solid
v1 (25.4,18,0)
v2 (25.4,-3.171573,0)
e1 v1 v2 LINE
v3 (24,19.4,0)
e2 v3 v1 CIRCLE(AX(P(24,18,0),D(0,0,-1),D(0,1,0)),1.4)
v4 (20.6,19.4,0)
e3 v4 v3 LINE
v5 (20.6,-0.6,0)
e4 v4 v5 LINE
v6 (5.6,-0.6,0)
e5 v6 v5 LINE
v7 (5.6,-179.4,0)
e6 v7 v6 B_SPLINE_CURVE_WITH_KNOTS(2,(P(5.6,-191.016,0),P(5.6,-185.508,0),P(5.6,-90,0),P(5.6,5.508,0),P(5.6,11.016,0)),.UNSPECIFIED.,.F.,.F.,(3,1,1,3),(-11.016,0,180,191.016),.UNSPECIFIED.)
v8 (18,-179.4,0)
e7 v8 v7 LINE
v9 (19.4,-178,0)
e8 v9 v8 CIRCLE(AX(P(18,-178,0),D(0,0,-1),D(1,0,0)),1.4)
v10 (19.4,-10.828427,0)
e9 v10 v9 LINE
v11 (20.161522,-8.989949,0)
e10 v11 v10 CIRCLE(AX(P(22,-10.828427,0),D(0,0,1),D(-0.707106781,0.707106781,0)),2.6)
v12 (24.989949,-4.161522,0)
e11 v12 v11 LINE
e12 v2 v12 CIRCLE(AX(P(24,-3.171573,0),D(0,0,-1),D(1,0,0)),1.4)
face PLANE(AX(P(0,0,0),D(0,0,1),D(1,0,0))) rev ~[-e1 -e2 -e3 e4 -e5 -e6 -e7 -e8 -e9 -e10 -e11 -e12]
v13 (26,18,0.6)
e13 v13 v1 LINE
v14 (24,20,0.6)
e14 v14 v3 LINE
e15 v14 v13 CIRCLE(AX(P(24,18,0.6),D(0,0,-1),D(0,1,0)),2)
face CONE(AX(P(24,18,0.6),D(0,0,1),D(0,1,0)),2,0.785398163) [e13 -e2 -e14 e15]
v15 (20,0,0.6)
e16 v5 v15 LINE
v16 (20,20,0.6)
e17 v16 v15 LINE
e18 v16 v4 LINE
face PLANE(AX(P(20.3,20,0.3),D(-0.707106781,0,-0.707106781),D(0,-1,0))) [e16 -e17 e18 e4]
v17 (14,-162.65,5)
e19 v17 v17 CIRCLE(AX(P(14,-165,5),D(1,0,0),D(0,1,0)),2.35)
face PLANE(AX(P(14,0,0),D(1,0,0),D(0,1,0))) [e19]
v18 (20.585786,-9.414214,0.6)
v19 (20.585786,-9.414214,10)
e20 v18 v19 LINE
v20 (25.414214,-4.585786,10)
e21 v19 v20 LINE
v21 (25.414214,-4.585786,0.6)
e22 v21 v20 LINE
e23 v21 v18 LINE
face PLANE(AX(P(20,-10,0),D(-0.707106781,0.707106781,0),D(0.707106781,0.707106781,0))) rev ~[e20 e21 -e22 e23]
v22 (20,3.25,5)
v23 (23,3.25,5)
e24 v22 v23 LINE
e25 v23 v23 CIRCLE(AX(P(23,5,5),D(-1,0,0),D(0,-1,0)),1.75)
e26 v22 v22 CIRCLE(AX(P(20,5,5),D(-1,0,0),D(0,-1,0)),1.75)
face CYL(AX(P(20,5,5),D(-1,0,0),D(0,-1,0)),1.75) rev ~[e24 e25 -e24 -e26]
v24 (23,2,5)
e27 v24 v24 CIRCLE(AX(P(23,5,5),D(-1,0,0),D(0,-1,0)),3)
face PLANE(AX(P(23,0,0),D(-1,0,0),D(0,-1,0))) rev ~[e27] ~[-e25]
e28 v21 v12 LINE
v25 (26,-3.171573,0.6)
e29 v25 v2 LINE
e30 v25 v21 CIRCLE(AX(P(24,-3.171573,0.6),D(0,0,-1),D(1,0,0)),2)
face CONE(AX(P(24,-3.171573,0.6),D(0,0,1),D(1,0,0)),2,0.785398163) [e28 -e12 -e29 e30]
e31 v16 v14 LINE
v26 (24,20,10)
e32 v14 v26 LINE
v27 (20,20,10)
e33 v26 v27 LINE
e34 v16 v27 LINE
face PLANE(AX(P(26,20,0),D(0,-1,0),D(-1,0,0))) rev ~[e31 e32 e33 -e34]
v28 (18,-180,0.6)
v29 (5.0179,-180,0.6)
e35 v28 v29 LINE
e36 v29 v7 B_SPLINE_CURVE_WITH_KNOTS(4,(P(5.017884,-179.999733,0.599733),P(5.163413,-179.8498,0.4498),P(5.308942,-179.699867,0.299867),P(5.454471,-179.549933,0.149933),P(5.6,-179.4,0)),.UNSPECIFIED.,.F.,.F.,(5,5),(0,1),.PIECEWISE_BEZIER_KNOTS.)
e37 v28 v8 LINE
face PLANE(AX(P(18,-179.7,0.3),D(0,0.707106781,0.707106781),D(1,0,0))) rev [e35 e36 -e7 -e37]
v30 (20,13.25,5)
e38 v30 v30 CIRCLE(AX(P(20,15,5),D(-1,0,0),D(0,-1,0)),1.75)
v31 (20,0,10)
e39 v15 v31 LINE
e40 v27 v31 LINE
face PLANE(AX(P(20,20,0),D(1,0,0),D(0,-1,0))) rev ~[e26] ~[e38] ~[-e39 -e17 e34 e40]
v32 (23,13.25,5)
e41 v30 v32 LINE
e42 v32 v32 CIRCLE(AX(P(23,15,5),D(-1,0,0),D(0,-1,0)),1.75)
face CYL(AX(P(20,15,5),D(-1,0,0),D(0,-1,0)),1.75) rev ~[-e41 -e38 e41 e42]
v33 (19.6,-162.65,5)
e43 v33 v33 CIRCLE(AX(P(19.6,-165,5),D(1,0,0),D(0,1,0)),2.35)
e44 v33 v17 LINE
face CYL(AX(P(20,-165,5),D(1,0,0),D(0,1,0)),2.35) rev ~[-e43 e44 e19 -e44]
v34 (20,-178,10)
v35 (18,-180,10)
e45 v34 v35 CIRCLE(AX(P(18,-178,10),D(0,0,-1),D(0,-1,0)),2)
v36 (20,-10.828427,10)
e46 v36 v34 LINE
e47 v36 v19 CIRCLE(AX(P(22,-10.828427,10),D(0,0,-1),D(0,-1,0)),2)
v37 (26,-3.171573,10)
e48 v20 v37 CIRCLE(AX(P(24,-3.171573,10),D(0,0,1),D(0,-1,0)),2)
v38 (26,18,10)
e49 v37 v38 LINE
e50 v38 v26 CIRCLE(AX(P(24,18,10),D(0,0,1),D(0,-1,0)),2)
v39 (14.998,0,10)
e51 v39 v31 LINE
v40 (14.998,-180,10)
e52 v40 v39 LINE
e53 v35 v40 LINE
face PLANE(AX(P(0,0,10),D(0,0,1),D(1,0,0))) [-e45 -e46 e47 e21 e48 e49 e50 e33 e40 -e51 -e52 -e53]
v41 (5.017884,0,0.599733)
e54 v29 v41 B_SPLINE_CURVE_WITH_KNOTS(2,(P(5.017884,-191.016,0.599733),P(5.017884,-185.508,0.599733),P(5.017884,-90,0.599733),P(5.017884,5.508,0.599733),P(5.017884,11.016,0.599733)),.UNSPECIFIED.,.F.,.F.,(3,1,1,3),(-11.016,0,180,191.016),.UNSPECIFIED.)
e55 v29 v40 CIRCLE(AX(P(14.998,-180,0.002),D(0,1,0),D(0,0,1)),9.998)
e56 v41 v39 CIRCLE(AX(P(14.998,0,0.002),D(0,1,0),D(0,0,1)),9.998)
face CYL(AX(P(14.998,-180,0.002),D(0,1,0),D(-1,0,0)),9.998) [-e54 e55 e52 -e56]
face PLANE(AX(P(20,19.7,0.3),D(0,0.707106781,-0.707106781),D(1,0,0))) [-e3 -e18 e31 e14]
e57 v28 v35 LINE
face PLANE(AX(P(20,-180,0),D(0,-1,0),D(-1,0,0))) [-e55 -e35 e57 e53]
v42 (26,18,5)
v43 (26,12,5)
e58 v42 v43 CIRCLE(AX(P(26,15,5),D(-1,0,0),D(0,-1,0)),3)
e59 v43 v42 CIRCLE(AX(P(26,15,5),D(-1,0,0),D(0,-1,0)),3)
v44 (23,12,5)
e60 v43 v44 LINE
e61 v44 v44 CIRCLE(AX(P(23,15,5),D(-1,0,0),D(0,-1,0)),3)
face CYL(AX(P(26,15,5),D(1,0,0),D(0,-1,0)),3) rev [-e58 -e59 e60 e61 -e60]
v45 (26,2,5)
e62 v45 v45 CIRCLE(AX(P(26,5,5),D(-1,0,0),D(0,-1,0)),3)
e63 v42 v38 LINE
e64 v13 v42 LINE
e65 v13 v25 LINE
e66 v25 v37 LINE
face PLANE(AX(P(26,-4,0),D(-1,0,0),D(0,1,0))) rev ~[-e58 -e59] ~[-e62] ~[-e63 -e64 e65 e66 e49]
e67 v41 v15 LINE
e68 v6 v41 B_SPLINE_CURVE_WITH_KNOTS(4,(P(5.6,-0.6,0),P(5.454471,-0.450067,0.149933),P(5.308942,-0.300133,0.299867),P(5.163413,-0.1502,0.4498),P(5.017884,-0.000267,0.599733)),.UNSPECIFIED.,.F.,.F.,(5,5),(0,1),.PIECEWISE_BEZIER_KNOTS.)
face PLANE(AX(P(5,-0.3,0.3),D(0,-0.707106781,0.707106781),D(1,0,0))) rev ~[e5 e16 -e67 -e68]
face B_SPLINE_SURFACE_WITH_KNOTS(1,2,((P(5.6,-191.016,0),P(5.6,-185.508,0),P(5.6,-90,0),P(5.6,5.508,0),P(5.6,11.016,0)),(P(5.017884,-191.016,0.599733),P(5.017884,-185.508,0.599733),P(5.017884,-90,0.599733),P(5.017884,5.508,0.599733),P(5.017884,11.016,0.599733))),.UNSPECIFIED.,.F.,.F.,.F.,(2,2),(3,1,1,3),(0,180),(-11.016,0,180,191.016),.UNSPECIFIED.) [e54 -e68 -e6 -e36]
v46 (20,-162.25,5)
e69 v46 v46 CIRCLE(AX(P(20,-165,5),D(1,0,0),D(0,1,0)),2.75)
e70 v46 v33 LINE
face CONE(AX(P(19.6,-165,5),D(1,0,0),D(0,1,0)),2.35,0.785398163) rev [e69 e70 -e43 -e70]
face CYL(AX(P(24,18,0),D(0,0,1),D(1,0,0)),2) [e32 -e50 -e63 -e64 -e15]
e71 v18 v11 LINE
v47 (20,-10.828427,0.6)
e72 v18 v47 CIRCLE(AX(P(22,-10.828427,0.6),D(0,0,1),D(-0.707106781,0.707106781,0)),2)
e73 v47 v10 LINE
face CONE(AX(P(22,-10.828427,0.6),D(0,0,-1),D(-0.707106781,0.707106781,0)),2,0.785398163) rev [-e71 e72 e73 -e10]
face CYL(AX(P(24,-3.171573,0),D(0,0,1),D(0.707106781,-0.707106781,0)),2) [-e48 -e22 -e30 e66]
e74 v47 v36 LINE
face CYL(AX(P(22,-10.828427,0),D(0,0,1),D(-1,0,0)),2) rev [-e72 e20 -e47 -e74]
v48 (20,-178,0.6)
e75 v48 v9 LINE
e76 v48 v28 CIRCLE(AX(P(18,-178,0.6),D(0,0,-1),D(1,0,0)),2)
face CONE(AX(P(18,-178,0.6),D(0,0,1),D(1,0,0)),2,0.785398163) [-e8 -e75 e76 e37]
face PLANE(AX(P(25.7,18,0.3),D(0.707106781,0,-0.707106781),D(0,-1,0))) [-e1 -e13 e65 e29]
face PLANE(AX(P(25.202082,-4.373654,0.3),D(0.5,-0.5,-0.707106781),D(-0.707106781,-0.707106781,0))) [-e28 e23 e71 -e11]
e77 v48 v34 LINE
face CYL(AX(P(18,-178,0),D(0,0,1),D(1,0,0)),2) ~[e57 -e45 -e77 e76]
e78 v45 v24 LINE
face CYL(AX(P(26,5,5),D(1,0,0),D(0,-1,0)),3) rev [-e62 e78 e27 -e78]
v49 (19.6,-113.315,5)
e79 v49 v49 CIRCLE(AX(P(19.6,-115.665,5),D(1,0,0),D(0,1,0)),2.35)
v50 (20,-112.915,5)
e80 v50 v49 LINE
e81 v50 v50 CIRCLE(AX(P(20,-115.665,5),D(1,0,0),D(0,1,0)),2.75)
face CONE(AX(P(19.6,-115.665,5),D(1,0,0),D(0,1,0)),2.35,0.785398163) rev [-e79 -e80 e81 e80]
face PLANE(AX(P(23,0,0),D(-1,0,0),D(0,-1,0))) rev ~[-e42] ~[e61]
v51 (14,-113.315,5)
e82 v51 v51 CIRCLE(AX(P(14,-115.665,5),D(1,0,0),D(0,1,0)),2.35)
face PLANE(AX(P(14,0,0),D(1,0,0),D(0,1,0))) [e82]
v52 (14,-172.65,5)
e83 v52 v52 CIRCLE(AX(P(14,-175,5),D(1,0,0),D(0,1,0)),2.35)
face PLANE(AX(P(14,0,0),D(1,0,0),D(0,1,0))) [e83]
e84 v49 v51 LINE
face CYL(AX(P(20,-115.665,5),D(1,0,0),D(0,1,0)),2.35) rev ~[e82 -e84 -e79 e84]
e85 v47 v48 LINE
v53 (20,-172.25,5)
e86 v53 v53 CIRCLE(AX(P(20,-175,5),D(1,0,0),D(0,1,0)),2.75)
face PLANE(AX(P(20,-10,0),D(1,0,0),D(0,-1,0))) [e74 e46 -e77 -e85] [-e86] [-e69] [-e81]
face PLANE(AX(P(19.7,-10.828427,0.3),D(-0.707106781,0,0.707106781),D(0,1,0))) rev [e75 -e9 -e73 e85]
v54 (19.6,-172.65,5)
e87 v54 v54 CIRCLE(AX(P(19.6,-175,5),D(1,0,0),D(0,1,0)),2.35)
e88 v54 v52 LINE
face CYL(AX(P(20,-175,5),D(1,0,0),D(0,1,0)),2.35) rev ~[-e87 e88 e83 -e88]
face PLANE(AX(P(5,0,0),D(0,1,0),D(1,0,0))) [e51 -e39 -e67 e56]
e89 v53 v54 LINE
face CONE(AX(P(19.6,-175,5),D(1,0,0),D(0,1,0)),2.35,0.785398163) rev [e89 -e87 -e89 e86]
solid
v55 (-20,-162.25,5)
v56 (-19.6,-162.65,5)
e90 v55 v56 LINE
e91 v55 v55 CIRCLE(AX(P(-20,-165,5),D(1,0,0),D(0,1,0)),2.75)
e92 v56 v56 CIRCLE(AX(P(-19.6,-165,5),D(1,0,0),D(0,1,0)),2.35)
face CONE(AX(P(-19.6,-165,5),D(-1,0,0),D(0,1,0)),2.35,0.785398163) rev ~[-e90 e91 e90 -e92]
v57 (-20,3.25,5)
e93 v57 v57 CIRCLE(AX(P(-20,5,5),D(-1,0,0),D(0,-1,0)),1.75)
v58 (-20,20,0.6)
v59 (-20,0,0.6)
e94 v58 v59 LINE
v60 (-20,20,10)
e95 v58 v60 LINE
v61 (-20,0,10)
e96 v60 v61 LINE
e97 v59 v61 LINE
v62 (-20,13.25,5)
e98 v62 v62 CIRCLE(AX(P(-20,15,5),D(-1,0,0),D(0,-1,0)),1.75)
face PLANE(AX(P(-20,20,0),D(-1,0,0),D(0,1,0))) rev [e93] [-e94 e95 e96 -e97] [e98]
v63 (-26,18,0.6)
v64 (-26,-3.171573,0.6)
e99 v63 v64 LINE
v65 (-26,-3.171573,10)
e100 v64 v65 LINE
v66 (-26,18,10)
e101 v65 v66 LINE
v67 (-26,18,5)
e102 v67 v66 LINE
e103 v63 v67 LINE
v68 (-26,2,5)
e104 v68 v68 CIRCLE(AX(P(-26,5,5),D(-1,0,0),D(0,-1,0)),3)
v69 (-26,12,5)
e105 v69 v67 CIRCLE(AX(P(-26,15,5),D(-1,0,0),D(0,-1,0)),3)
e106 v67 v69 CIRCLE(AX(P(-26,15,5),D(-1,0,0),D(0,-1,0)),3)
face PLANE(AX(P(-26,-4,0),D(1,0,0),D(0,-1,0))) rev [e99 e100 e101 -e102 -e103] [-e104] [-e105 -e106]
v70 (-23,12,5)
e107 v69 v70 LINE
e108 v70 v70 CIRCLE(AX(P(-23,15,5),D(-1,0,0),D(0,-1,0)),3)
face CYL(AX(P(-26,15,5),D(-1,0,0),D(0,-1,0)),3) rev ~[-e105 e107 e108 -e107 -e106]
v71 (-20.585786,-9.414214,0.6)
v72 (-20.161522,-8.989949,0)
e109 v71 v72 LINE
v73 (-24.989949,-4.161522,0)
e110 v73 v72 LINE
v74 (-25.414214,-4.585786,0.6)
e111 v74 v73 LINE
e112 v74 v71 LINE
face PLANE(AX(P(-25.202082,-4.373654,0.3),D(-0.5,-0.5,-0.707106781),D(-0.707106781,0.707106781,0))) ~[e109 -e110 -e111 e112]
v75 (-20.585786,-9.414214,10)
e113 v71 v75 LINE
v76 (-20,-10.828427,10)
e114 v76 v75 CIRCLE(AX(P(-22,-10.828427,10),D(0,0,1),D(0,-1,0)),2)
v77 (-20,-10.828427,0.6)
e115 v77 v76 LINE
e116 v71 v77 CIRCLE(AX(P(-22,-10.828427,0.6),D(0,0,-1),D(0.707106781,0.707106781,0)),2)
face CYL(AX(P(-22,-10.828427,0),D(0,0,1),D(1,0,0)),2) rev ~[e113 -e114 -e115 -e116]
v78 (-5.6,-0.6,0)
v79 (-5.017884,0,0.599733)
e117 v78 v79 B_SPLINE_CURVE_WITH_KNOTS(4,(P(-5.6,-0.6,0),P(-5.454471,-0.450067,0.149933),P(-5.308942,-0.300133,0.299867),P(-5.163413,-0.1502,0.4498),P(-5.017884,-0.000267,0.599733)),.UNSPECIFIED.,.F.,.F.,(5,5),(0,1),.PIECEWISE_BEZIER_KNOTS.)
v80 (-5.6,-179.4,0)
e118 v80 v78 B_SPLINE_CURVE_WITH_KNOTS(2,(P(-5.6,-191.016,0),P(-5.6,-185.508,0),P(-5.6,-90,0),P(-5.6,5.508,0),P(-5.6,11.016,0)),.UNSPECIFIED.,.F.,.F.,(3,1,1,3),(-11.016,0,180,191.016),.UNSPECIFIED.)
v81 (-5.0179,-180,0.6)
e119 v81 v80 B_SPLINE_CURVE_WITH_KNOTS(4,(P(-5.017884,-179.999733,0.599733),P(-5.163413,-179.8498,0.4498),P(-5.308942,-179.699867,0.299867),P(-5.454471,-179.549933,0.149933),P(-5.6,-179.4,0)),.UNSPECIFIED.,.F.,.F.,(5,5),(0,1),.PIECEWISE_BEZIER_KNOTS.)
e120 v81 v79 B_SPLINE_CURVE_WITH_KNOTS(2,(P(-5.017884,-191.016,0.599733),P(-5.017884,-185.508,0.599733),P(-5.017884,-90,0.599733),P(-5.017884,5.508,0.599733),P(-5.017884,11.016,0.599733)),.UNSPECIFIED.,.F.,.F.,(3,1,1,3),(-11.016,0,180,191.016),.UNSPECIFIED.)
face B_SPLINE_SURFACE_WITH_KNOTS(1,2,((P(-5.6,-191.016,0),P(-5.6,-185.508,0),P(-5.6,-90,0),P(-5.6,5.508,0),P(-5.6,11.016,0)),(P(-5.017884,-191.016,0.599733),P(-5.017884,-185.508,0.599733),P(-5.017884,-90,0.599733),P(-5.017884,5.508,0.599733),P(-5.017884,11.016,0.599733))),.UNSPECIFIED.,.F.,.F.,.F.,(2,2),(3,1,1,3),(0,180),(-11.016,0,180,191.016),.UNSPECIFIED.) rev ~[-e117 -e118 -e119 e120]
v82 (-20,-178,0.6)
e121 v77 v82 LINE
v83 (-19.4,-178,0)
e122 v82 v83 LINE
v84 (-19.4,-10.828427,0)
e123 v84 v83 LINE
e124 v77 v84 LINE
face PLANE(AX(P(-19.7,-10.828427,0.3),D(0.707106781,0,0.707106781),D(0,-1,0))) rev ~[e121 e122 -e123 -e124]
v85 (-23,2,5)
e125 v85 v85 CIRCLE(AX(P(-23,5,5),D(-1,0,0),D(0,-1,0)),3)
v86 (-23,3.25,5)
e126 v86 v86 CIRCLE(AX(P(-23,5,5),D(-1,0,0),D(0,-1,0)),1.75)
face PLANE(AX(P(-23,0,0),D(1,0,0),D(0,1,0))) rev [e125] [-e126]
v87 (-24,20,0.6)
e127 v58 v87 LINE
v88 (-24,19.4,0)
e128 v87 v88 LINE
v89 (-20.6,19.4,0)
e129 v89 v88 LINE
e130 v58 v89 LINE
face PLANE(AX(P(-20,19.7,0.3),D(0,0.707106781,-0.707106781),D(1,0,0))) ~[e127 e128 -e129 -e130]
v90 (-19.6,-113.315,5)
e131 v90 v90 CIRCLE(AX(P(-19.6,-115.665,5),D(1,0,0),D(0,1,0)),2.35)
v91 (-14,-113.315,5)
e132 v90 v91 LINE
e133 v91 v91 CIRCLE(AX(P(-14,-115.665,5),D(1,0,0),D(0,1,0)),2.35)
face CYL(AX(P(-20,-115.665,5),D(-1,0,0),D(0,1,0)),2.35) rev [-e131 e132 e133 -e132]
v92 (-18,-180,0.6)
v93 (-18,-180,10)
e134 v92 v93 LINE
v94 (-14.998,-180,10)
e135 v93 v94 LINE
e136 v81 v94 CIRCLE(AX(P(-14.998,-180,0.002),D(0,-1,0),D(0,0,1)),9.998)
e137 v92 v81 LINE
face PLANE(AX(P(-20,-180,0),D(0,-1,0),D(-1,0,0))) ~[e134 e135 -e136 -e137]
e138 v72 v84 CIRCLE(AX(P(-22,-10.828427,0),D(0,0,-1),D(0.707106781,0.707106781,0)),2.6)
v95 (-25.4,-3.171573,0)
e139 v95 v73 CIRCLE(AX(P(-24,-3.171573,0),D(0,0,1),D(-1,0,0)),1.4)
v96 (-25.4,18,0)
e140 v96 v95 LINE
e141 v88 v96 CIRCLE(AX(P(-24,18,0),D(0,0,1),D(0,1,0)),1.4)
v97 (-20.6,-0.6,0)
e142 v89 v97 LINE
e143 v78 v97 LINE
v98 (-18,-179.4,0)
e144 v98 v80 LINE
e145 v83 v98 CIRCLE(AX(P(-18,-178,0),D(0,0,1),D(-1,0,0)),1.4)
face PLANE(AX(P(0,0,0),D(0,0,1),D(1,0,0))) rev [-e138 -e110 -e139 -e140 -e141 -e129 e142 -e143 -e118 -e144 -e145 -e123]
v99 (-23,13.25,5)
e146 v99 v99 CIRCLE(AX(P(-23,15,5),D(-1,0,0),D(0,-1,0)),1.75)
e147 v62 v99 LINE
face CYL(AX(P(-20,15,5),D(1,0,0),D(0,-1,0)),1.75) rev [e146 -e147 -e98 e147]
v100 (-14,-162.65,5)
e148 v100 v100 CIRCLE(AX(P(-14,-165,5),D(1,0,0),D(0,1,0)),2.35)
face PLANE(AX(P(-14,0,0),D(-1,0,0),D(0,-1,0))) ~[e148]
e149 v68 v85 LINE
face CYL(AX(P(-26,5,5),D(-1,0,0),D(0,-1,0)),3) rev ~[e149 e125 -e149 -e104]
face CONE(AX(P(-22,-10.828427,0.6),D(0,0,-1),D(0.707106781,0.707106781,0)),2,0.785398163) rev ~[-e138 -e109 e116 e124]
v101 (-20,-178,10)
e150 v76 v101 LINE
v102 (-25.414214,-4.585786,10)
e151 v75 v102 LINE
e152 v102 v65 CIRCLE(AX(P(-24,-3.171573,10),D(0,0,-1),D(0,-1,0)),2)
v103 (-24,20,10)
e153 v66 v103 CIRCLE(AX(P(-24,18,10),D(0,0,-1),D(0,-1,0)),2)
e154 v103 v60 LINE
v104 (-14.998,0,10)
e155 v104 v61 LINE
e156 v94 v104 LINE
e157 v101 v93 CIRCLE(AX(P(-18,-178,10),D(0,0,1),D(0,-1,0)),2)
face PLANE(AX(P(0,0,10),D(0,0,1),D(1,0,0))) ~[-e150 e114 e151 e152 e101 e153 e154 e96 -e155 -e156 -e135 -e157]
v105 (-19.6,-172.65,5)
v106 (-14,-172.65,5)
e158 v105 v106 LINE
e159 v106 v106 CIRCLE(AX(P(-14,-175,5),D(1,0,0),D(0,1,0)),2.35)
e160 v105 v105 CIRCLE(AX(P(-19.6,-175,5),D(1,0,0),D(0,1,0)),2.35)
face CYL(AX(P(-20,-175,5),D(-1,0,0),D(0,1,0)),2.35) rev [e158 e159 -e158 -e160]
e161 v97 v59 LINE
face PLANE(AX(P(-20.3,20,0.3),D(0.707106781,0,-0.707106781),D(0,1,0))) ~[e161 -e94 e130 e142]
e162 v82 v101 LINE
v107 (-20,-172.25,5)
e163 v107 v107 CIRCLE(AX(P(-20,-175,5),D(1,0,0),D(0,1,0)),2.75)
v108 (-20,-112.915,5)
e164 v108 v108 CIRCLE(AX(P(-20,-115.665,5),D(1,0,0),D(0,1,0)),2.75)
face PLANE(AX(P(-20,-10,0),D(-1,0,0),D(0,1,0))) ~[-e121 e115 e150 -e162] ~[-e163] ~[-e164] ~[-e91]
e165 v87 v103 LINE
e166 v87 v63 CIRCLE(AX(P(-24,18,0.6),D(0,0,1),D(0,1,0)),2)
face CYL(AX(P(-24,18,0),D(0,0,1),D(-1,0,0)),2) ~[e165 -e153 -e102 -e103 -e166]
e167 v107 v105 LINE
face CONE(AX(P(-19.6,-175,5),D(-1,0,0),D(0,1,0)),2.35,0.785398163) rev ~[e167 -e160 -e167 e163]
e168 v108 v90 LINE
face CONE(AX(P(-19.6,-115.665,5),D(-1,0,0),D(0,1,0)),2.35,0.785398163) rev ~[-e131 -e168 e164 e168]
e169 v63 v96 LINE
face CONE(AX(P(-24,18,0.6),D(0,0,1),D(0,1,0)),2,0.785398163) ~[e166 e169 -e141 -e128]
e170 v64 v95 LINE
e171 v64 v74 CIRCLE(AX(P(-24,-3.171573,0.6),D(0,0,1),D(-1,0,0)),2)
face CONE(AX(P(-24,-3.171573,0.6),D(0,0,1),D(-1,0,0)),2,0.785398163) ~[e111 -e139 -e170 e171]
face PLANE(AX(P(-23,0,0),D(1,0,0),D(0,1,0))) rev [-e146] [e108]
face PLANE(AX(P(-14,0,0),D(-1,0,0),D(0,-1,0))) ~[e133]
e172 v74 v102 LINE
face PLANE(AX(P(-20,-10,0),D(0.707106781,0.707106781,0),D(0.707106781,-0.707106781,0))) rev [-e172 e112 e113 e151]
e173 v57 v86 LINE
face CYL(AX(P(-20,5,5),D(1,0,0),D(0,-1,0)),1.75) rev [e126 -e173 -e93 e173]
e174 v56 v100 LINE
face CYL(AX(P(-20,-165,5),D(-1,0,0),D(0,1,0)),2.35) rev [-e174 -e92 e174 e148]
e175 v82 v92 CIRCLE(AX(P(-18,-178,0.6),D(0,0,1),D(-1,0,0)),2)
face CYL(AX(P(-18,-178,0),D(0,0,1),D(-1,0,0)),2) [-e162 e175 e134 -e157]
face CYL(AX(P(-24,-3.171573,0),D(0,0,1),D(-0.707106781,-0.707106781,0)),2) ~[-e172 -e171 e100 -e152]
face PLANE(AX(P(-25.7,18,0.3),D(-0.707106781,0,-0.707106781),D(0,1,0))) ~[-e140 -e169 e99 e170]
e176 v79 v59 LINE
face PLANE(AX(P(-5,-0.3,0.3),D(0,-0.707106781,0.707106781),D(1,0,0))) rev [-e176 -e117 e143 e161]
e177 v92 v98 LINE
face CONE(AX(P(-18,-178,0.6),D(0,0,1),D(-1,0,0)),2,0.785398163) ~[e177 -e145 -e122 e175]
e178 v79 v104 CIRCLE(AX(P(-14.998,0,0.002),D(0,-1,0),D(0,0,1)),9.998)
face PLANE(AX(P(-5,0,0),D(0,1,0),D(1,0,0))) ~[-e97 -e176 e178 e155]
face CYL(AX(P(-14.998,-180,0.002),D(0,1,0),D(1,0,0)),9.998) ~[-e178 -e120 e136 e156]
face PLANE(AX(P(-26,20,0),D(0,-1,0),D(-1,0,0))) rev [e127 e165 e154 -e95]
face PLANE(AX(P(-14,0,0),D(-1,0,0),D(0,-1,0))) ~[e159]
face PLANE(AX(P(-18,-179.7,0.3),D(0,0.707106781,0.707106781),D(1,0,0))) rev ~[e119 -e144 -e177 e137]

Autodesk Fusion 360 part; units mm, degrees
sketch "Sketch1" plane through (0, 0, 0) normal (0, 0, 1) x (1, 0, 0)
  line L0 (5, 0) -> (20, 0)
  line L1 (20, 0) -> (20, -180)
  line L2 (20, -180) -> (5, -180)
  line L3 (5, -180) -> (5, 0)
  line L4 (20, -10) -> (26, -4)
  line L5 (20, -10) -> (30.8245, -10) construction
  line L6 (26, -4) -> (26, 20)
  line L7 (26, 20) -> (20, 20)
  line L8 (20, 20) -> (20, 0)
  line L9 (0, 0) -> (5, 0) construction
  dimension "d1" = 15
  dimension "d2" = 180
  dimension "d3" = 45
  dimension "d4" = 10
  dimension "d5" = 200
  dimension "d6" = 6
  dimension "d31" = 5
extrude "Extrude1" add sketch "Sketch1" along normal blind 10 makes body 1
sketch "Sketch2" plane through (20, 0, 0) normal (-1, 0, 0) x (0, -1, 0)
  line L0 (-20, 0) -> (0, 0)
  line L1 (0, 0) -> (0, 10)
  line L2 (0, 10) -> (-20, 10)
  line L3 (-20, 10) -> (-20, 0)
  circle A0 centre (-15, 5) radius 1.75
  circle A1 centre (-15, 5) radius 3
  line L4 (-20, 5) -> (0, 5) construction
  line L5 (-10, 5) -> (-10, 10) construction
  circle A2 centre (-5, 5) radius 1.75
  circle A3 centre (-5, 5) radius 3
  line L6 (0, 0) -> (0, 10) construction
  dimension "d9" = 3.5
  dimension "d10" = 6
  dimension "d11" = 5
extrude "Extrude2" cut sketch "Sketch2" against normal up to surface (6 mm away) contours A0 | A2 bodies 1
extrude "Extrude3" cut sketch "Sketch2" along normal blind 3 from surface at -6 contours A1 | A3 bodies 1
sketch "Sketch3" plane through (20, 0, 0) normal (1, 0, 0) x (0, 1, 0)
  line L0 (-180, 0) -> (-10, 0)
  line L1 (-10, 0) -> (-10, 10)
  line L2 (-10, 10) -> (-180, 10)
  line L3 (-180, 10) -> (-180, 0)
  line L4 (-180, 5) -> (-93.8269, 5) construction
  circle A0 centre (-175, 5) radius 2.35
  circle A1 centre (-165, 5) radius 2.35
  circle A2 centre (-115.665, 5) radius 2.35
  dimension "d17" = 4.7
  dimension "d18" = 4.7
  dimension "d19" = 10
  dimension "d20" = 5
  dimension "d23" = 4.7
  dimension "d24" = 64.335
extrude "Extrude4" cut sketch "Sketch3" against normal blind 6 contours A0 | A1 | A2 bodies 1
fillet "Fillet1" radius 10 1 edges at (5, -90, 10) on bodies 1
fillet "Fillet2" radius 2 3 edges at (20, -10, 5) (26, -4, 5) (26, 20, 5) on bodies 1
chamfer "Chamfer1" distance 0.4 angle 45 3 edges at (20, -177.191, 5.8498) (20, -167.191, 5.8498) (20, -117.856, 5.8498) on bodies 1
fillet "Fillet3" radius 2 1 edges at (20, -180, 5) on bodies 1
chamfer "Chamfer2" distance 0.6 angle 45 1 faces at (10, -63.6095, 0) on bodies 1
mirror "Mirror1" about plane through (0, 0, 0) normal (1, 0, 0) of bodies 1 makes body 2
